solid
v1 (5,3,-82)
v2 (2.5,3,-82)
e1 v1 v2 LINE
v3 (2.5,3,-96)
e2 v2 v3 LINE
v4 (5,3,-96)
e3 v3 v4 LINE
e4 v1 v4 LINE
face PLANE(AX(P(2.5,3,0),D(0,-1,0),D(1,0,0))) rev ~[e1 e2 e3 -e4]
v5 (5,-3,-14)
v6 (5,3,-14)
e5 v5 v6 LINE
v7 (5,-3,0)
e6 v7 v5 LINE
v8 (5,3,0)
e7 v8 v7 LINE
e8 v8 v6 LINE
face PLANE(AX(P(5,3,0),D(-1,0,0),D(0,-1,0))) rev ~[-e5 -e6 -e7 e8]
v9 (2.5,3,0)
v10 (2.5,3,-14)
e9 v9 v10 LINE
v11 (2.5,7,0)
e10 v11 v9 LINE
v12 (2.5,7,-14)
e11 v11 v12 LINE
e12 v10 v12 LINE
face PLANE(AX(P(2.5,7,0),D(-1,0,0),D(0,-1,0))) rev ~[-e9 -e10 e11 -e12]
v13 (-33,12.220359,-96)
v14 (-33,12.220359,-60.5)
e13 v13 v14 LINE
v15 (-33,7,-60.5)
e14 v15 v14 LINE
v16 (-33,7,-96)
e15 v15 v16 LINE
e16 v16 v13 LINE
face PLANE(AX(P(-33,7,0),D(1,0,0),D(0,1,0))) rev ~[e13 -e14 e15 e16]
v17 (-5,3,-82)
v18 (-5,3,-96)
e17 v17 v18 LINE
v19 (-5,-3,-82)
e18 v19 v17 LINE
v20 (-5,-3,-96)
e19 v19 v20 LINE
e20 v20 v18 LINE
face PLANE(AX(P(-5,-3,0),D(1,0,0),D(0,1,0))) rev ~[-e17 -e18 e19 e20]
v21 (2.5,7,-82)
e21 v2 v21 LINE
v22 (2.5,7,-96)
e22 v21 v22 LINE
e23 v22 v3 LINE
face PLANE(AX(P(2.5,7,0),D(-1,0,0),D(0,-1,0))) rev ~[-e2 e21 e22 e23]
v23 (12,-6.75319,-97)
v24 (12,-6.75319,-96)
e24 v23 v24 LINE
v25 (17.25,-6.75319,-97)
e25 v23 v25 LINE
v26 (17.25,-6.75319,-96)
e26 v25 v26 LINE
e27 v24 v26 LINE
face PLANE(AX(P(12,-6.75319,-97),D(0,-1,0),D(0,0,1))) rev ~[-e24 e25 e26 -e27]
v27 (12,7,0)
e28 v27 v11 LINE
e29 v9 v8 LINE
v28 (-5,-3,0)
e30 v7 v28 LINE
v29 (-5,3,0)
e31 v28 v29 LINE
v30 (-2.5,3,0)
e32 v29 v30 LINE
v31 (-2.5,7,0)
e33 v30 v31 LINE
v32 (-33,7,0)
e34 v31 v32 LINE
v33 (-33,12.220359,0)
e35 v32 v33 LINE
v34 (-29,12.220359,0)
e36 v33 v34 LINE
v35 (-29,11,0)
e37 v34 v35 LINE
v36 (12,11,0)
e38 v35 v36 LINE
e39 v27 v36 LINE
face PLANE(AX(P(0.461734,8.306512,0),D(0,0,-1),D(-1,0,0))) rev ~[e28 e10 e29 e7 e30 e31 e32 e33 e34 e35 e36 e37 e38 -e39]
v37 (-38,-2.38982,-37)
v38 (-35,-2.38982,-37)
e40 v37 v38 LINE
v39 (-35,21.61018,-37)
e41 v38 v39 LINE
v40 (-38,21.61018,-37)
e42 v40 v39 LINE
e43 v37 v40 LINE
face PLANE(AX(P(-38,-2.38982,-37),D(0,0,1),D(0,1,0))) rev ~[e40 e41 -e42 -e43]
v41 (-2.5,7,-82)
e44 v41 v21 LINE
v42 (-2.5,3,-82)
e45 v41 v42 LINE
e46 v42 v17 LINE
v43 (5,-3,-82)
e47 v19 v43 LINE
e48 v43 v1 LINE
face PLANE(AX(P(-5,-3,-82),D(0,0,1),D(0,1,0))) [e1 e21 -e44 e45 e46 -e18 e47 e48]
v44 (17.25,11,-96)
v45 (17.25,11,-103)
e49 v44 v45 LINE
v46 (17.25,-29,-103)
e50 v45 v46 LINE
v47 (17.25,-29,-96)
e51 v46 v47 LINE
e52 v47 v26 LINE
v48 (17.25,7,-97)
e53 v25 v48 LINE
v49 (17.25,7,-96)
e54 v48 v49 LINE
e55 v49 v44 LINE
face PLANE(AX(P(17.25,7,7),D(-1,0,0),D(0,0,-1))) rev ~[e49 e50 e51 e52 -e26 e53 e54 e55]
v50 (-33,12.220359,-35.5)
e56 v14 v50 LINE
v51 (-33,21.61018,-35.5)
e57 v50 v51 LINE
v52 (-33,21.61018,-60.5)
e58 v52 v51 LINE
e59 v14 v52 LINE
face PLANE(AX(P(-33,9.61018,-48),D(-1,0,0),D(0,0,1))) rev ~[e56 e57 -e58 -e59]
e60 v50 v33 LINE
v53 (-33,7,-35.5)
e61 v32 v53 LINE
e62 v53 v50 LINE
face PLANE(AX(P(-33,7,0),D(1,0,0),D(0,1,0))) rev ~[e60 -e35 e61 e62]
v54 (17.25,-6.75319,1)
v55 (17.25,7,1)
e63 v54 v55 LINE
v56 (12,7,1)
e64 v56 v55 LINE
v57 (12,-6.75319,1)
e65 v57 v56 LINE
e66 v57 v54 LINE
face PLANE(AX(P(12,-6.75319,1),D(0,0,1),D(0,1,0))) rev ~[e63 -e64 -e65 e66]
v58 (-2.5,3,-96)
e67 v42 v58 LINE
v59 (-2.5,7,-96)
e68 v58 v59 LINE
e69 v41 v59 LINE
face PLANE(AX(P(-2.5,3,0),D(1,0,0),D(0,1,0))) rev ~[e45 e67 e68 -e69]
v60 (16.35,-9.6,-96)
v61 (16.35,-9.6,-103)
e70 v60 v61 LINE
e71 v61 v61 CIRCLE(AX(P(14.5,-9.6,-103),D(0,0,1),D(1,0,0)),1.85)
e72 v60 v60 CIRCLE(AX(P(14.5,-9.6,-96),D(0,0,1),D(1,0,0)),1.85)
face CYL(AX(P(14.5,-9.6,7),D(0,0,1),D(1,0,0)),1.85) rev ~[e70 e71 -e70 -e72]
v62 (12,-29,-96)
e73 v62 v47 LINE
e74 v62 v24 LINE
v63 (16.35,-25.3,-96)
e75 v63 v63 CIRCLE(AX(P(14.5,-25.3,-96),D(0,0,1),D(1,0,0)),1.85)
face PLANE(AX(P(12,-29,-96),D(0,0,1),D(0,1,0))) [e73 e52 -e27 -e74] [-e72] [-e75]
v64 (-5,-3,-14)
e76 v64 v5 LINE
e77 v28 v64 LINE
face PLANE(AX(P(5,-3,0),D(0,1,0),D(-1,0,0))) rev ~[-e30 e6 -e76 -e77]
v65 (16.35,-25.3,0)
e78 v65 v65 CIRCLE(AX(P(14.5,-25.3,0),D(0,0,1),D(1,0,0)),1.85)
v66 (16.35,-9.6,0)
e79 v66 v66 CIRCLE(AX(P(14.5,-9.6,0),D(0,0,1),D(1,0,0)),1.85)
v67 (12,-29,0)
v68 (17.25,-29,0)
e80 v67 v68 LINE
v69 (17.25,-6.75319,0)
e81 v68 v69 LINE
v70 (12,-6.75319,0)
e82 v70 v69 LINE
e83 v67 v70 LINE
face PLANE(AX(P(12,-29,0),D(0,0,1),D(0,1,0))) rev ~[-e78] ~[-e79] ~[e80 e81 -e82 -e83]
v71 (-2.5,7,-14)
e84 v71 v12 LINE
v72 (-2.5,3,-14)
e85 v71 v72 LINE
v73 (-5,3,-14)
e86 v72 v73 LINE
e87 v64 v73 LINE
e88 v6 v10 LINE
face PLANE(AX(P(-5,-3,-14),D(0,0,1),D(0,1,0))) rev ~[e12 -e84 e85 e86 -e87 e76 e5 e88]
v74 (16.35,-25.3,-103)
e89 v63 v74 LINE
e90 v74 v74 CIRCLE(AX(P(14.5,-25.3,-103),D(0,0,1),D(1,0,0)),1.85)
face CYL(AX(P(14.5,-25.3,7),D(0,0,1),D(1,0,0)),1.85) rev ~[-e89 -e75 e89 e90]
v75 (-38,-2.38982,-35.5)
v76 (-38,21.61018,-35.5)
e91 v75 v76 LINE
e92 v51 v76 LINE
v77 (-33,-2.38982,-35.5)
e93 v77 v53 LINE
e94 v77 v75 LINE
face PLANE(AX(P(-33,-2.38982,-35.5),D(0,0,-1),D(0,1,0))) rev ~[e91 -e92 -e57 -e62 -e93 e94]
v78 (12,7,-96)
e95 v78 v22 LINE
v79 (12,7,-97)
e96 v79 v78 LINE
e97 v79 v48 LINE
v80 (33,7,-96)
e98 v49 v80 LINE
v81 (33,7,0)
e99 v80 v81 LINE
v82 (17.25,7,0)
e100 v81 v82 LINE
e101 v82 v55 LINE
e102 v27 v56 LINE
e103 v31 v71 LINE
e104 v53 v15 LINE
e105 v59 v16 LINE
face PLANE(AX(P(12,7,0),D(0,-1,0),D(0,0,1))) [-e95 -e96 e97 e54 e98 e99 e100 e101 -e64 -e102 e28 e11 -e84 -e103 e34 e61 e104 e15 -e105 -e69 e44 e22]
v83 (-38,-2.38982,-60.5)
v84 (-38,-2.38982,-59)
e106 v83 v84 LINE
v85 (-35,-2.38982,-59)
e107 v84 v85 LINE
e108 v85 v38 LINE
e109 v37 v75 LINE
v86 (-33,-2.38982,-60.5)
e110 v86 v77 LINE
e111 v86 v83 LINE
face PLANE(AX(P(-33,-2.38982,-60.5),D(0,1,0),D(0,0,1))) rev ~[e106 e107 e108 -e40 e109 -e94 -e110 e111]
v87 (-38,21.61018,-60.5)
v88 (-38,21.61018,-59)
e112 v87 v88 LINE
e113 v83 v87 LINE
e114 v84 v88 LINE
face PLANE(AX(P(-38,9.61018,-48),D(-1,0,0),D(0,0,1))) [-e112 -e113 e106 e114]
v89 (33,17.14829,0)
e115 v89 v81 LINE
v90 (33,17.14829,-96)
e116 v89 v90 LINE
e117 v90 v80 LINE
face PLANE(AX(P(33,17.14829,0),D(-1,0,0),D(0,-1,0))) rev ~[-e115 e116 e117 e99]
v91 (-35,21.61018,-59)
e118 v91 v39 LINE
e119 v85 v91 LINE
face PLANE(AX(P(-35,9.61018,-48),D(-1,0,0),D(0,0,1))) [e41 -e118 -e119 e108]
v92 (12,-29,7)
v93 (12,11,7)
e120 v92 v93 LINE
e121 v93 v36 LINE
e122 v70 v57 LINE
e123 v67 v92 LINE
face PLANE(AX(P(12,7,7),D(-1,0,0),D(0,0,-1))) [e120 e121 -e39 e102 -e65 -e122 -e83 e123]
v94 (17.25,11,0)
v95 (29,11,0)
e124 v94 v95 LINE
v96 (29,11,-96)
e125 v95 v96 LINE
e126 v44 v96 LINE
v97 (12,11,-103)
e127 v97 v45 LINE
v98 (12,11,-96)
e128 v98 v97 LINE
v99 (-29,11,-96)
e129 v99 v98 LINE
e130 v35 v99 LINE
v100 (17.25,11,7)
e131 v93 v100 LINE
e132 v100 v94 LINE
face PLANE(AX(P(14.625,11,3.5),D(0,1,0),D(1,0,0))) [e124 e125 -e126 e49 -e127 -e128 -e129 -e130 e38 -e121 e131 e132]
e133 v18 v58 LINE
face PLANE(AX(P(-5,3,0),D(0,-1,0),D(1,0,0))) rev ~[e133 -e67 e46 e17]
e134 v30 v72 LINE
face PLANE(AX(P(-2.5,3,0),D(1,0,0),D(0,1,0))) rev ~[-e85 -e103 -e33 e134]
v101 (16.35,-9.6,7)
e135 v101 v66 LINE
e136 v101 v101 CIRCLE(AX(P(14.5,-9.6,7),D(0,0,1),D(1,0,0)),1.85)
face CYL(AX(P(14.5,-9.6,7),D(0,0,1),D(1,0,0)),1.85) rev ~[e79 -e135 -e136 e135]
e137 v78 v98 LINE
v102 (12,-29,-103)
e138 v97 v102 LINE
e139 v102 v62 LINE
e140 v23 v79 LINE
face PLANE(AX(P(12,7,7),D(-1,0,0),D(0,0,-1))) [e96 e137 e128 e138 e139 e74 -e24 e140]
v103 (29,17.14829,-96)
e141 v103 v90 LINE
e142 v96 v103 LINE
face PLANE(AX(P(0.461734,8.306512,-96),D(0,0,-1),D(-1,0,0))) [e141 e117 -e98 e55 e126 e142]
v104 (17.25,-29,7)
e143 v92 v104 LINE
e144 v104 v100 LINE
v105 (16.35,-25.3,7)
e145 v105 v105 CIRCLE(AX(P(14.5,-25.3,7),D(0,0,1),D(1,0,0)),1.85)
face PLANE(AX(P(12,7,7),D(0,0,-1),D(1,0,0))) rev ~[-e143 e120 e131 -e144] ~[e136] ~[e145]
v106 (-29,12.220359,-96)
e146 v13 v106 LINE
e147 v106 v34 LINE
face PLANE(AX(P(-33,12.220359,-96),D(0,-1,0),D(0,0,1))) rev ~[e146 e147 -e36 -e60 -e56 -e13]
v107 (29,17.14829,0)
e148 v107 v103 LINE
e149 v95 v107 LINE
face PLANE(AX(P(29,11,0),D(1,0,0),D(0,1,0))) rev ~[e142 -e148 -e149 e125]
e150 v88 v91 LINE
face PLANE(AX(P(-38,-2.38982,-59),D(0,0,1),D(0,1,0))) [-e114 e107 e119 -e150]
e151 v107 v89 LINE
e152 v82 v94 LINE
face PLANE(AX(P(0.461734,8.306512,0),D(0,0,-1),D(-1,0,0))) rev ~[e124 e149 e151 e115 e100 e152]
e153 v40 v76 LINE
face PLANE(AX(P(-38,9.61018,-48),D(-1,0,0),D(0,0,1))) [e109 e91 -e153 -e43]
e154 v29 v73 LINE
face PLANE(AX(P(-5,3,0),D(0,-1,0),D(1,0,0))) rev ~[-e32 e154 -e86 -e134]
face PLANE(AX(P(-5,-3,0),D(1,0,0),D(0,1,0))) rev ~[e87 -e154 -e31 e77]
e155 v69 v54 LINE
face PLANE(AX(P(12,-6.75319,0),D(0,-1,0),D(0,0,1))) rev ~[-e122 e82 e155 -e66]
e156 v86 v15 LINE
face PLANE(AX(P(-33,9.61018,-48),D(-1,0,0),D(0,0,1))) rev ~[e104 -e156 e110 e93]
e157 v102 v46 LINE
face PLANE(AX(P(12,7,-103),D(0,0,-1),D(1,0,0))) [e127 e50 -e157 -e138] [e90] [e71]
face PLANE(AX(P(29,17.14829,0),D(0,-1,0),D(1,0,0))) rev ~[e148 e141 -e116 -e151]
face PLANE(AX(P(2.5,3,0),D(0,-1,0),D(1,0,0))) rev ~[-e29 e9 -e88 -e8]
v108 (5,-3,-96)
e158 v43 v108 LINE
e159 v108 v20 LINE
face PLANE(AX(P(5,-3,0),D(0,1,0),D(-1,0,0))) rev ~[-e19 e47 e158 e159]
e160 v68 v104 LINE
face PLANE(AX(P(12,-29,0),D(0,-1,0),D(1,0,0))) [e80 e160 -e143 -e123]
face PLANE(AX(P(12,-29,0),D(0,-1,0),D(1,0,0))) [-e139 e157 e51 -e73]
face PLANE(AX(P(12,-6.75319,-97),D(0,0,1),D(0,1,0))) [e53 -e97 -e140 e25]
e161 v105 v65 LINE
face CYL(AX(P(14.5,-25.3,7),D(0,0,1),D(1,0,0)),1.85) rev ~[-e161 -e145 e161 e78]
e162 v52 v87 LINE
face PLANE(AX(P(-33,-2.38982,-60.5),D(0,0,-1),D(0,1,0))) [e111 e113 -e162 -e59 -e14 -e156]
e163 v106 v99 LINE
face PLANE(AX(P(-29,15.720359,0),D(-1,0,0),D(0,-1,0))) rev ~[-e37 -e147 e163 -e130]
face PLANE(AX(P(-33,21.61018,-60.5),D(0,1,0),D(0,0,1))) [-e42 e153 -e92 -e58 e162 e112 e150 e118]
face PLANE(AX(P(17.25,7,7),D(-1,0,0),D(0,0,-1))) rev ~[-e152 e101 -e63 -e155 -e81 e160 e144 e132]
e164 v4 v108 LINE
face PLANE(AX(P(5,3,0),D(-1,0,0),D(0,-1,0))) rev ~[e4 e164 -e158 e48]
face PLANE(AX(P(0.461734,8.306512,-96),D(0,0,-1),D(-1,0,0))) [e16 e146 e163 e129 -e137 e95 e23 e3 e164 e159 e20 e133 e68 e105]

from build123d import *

# Parameters (mm, degrees)
BOSS_EXTRUDE1_DEPTH      = 96
SKETCH3_W                = 68
SKETCH3_H                = 10
CUT_EXTRUDE1_DEPTH       = 96
SKETCH6_W                = 5.25
SKETCH6_H                = 36
BOSS_EXTRUDE3_DEPTH      = 7
BOSS_EXTRUDE3_DEPTH_BACK = 103
SKETCH8_W                = 5.25
SKETCH8_H                = 7
BOSS_EXTRUDE4_DEPTH      = 4
SKETCH10_W               = 5.25
SKETCH10_H               = 7
BOSS_EXTRUDE5_DEPTH      = 4
SKETCH11_W               = 96
SKETCH11_H               = 36
CUT_EXTRUDE2_DEPTH       = 101
SKETCH12_R               = 1.85
CUT_EXTRUDE3_DEPTH       = 111
SKETCH13_W               = 96
SKETCH13_H               = 3.5
CUT_EXTRUDE4_DEPTH       = 10
SKETCH14_W               = 1
SKETCH14_H               = 13.753189639
CUT_EXTRUDE5_DEPTH       = 10
SKETCH15_W               = 25
SKETCH15_H               = 24
BOSS_EXTRUDE6_DEPTH      = 5
SKETCH16_W               = 22
SKETCH16_H               = 24
CUT_EXTRUDE6_DEPTH       = 3


with BuildPart() as part:
    # Sketch1 → Boss-Extrude1 (new body)
    with BuildSketch(Plane.XY):
        Polygon((2.5, 3), (5, 3), (5, -3), (-5, -3), (-5, 3), (-2.5, 3), (-2.5, 7), (-33, 7), (-33, 15.720359308), (-29, 15.720359308), (-29, 11), (29, 11), (29, 17.148290328), (33, 17.148290328), (33, 7), (2.5, 7), align=None)
    extrude(amount=-BOSS_EXTRUDE1_DEPTH)

    # Sketch3 → Cut-Extrude1 (cut)
    with BuildSketch(Plane.ZY.offset(5)):
        with Locations((-48, 2)):
            Rectangle(SKETCH3_W, SKETCH3_H)
    extrude(amount=-CUT_EXTRUDE1_DEPTH, mode=Mode.SUBTRACT)

    # Sketch6 → Boss-Extrude3 (add, two sides)
    with BuildSketch(Plane.XY) as boss_extrude3_sk:
        with Locations((14.625, -11)):
            Rectangle(SKETCH6_W, SKETCH6_H)
    extrude(amount=BOSS_EXTRUDE3_DEPTH)
    extrude(boss_extrude3_sk.sketch, amount=-BOSS_EXTRUDE3_DEPTH_BACK)

    # Sketch8 → Boss-Extrude4 (add)
    with BuildSketch(Plane(origin=(0, 7, 0), x_dir=(1, 0, 0), z_dir=(0, 1, 0))):
        with Locations((14.625, 99.5)):
            Rectangle(SKETCH8_W, SKETCH8_H)
    extrude(amount=BOSS_EXTRUDE4_DEPTH)

    # Sketch10 → Boss-Extrude5 (add)
    with BuildSketch(Plane(origin=(0, 7, 0), x_dir=(1, 0, 0), z_dir=(0, 1, 0))):
        with Locations((14.625, -3.5)):
            Rectangle(SKETCH10_W, SKETCH10_H)
    extrude(amount=BOSS_EXTRUDE5_DEPTH)

    # Sketch11 → Cut-Extrude2 (cut)
    with BuildSketch(Plane.ZY.offset(-12)):
        with Locations((-48, -11)):
            Rectangle(SKETCH11_W, SKETCH11_H)
    extrude(amount=-CUT_EXTRUDE2_DEPTH, mode=Mode.SUBTRACT)

    # Sketch12 → Cut-Extrude3 (cut, through all)
    with BuildSketch(Plane.XY.offset(7)):
        with Locations((14.5, -25.3)):
            Circle(SKETCH12_R)
        with Locations((14.5, -9.6)):
            Circle(SKETCH12_R)
    extrude(amount=-CUT_EXTRUDE3_DEPTH, mode=Mode.SUBTRACT)

    # Sketch13 → Cut-Extrude4 (cut)
    with BuildSketch(Plane.ZY.offset(33)):
        with Locations((-48, 13.970359308)):
            Rectangle(SKETCH13_W, SKETCH13_H)
    extrude(amount=-CUT_EXTRUDE4_DEPTH, mode=Mode.SUBTRACT)

    # Sketch14 → Cut-Extrude5 (cut)
    with BuildSketch(Plane.ZY.offset(-12)):
        with Locations((0.5, 0.12340518)):
            Rectangle(SKETCH14_W, SKETCH14_H)
        with Locations((-96.5, 0.12340518)):
            Rectangle(SKETCH14_W, SKETCH14_H)
    extrude(amount=-CUT_EXTRUDE5_DEPTH, mode=Mode.SUBTRACT)

    # Sketch15 → Boss-Extrude6 (add)
    with BuildSketch(Plane.ZY.offset(33)):
        with Locations((-48, 9.610179654)):
            Rectangle(SKETCH15_W, SKETCH15_H)
    extrude(amount=BOSS_EXTRUDE6_DEPTH)

    # Sketch16 → Cut-Extrude6 (cut)
    with BuildSketch(Plane.ZY.offset(38)):
        with Locations((-48, 9.610179654)):
            Rectangle(SKETCH16_W, SKETCH16_H)
    extrude(amount=-CUT_EXTRUDE6_DEPTH, mode=Mode.SUBTRACT)


solid = part.part
